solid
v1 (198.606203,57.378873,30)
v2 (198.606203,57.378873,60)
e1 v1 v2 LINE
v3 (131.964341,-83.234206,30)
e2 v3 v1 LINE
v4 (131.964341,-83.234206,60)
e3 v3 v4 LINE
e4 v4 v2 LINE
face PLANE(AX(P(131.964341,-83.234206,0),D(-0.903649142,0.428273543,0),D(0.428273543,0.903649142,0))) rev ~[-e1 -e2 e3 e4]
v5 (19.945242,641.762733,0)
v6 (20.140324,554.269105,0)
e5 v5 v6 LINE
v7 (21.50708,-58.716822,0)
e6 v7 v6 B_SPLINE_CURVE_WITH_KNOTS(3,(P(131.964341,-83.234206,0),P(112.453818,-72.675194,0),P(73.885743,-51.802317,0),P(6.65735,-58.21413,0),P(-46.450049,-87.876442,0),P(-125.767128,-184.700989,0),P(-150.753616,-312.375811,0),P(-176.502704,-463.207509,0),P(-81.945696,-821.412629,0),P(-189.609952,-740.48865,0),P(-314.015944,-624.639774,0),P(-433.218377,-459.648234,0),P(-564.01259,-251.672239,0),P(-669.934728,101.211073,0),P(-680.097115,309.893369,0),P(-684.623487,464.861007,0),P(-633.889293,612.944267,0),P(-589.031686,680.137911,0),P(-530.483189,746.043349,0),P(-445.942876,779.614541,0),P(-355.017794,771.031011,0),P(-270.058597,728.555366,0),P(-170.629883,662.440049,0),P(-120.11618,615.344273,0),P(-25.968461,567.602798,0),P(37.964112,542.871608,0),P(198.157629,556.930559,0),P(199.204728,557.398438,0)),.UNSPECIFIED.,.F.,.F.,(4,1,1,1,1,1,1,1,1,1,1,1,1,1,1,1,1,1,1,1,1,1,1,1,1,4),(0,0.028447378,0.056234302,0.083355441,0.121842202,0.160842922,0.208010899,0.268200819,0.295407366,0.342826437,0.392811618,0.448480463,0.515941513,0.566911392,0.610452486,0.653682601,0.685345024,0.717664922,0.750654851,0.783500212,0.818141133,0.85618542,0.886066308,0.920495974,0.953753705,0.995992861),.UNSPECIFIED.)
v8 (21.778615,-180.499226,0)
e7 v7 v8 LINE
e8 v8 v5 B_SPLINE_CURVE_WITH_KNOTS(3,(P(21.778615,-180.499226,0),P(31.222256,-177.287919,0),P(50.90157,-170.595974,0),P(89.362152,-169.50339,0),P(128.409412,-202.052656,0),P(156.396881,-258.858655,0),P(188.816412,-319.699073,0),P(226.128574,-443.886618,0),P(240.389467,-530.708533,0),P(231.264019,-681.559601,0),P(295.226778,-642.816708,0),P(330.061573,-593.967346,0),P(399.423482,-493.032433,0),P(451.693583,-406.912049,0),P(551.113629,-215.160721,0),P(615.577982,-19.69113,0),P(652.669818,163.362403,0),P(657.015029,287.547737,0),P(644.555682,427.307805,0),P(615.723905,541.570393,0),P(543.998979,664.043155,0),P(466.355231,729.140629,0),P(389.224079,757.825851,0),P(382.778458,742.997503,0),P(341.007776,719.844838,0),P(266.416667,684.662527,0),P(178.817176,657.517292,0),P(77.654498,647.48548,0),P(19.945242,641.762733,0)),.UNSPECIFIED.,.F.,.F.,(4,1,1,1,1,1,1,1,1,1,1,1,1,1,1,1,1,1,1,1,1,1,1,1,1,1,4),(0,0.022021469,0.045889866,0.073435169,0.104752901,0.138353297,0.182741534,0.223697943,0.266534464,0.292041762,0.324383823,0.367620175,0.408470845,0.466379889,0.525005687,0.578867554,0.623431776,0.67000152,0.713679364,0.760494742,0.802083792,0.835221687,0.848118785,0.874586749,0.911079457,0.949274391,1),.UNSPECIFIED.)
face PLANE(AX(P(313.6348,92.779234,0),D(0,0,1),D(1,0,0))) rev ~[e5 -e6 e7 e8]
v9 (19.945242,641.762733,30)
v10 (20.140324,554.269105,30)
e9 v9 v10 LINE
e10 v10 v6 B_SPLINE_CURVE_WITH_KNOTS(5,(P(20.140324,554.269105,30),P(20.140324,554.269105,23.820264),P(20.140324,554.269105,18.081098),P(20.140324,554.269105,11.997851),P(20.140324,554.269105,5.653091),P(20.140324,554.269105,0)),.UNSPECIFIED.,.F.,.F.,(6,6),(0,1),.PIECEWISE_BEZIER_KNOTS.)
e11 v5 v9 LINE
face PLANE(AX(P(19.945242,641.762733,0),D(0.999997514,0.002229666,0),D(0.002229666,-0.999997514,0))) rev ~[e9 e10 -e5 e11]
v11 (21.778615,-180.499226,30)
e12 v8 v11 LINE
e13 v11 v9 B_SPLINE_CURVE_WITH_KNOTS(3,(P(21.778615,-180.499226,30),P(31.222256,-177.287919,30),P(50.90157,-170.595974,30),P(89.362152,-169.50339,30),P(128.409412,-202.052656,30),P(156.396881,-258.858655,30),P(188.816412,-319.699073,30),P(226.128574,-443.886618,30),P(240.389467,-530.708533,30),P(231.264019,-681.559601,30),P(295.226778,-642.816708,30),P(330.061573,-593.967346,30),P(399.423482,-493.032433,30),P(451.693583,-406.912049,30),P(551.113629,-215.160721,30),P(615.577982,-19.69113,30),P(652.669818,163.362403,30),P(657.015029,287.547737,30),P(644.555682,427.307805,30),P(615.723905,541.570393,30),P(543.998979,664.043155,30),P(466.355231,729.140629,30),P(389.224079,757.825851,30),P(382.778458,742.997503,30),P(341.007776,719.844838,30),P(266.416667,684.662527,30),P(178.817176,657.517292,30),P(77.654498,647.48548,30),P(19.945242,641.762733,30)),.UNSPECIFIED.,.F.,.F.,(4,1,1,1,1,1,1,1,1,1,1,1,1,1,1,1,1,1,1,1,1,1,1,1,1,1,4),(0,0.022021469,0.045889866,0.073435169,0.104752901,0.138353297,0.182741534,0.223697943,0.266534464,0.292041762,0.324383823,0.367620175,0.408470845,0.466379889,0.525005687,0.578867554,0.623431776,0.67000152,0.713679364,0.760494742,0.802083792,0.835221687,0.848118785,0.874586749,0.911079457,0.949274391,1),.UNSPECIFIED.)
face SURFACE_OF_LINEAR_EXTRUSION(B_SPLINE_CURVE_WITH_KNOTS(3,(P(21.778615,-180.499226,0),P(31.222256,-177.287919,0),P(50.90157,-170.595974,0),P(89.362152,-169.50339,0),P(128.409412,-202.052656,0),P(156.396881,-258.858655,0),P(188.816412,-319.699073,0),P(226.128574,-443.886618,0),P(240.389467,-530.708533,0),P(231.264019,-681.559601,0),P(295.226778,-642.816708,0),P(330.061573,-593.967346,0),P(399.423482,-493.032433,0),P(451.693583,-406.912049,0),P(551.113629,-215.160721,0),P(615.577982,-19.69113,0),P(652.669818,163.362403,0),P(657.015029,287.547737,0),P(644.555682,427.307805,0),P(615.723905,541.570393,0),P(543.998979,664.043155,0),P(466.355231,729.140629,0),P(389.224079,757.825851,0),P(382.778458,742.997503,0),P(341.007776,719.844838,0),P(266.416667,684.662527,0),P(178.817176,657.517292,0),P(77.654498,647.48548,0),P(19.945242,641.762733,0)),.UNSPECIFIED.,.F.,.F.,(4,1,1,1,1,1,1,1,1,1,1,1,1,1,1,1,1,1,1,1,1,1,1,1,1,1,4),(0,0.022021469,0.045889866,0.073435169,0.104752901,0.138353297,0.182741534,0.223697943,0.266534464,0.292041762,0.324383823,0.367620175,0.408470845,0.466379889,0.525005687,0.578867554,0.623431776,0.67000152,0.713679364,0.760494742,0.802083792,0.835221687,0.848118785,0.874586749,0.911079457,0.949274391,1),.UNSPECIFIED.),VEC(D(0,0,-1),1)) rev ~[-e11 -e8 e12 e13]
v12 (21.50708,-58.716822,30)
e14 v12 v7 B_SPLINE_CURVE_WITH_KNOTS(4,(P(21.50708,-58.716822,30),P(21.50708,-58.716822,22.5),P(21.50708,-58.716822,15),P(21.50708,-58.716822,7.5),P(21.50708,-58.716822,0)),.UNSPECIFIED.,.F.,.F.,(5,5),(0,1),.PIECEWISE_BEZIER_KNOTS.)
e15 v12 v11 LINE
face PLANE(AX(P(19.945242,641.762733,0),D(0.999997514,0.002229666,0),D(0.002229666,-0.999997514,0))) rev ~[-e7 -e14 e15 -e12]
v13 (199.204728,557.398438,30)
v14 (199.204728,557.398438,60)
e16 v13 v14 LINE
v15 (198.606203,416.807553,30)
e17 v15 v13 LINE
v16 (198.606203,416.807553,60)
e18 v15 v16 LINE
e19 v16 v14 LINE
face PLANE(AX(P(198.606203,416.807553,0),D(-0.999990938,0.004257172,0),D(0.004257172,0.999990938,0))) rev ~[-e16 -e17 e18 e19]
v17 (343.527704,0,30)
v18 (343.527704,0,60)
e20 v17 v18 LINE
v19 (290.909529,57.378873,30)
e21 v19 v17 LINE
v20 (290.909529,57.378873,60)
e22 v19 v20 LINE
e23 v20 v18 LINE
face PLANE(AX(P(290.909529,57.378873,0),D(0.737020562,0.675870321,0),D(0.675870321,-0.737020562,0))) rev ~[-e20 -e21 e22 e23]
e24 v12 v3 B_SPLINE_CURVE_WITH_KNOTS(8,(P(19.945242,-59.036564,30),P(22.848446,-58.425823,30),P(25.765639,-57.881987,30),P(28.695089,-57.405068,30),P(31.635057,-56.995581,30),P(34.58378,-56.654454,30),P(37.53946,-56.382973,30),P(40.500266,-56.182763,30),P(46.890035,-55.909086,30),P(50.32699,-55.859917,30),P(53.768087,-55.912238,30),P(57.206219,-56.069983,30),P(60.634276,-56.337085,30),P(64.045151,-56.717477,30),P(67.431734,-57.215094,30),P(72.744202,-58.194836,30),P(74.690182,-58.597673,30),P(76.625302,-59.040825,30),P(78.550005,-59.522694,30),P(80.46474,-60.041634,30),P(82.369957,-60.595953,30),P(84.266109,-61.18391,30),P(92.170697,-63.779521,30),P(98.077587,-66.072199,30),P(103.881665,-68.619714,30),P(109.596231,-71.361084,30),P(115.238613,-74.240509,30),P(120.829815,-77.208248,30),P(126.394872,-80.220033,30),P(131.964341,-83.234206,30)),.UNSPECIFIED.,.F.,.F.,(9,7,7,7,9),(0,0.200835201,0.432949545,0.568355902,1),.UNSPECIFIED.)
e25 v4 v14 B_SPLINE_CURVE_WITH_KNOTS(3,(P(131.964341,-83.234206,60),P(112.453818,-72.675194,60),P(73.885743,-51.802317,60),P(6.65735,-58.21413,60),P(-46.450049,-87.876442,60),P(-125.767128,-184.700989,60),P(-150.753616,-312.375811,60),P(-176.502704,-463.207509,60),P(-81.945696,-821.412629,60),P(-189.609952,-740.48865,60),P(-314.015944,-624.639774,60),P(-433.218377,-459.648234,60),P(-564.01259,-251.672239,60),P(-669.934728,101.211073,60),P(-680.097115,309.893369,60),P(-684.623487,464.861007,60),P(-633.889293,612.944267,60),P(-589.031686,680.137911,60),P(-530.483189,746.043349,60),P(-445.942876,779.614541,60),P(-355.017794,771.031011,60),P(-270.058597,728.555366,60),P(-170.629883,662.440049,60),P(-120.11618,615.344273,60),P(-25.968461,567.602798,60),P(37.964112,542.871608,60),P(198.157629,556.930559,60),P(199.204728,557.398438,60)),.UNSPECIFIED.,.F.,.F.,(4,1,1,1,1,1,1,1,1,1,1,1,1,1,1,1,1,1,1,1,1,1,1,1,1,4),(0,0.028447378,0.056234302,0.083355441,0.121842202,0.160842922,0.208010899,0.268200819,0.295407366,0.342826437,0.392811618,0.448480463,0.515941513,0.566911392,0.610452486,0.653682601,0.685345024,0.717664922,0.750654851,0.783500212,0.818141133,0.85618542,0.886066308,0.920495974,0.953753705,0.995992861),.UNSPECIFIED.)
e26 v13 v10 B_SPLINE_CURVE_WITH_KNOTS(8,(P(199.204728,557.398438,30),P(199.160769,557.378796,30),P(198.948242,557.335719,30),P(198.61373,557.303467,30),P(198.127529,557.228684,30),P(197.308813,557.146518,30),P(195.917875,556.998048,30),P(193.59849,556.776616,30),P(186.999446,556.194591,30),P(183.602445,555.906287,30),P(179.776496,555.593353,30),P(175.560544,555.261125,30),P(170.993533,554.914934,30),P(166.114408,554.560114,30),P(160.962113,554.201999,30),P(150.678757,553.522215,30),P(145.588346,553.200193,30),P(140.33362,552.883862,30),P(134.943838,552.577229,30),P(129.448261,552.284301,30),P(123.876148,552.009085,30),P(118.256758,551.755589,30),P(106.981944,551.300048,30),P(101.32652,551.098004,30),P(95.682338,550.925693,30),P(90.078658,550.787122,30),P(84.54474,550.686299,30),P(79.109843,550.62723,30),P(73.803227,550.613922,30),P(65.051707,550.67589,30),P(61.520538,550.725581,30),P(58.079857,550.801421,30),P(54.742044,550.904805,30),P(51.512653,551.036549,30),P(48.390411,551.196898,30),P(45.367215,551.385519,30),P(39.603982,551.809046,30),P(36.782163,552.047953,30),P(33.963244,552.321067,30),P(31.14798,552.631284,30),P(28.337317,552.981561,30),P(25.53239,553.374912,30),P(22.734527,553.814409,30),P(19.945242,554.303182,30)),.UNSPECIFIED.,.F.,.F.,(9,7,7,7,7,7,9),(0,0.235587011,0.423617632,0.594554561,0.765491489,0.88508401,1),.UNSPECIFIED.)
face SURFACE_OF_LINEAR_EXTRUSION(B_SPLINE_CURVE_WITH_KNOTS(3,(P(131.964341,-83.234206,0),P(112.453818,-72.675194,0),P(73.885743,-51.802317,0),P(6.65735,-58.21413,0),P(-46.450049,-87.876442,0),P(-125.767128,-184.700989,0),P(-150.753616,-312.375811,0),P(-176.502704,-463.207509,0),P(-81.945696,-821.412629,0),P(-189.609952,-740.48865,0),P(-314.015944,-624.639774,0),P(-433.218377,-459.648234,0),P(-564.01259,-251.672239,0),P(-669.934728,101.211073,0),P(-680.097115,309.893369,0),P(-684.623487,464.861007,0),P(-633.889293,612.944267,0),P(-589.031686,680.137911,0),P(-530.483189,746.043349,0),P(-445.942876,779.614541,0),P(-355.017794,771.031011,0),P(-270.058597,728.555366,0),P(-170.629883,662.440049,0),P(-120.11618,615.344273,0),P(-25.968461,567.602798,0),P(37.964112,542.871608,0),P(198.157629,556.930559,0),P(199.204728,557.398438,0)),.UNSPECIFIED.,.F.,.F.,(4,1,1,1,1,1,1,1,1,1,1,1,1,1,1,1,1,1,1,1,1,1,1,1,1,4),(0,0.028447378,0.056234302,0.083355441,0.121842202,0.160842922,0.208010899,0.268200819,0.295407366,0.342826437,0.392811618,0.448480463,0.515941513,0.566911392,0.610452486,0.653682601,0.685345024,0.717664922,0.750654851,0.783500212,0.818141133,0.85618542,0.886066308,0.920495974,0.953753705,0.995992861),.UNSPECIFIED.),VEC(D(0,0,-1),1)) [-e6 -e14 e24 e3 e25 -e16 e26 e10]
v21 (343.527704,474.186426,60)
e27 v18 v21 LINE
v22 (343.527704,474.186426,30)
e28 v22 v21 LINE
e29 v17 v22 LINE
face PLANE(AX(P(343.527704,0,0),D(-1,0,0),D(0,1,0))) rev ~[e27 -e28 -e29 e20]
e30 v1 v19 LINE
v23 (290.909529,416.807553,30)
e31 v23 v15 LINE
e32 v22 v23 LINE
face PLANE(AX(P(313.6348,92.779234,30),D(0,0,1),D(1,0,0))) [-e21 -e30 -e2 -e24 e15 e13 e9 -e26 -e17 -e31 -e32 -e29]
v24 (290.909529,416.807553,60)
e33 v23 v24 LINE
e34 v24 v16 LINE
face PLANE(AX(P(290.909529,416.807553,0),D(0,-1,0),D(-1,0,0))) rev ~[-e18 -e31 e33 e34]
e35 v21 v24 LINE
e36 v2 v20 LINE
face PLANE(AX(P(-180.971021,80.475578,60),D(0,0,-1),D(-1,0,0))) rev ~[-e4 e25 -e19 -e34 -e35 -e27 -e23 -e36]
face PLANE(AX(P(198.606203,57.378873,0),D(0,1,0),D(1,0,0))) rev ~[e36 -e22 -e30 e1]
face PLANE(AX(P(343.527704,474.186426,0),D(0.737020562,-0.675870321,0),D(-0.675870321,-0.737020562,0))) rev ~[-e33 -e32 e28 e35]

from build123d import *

# Parameters (mm, degrees)
F2_DEPTH = 60
F3_DEPTH = 30


with BuildPart() as f2:
    # F0 (on Top) → F2 (new body)
    with BuildSketch(Plane.XY):
        with BuildLine():
            add(Edge.make_bspline(
                [(131.964340806, -83.234205842), (112.4538179303, -72.6751942263), (73.885742882, -51.802316804), (6.6573498636, -58.2141301705), (-46.4500485441, -87.8764421769), (-125.7671283838, -184.7009892826), (-150.753615895, -312.3758108425), (-176.5027036894, -463.2075093139), (-81.9456959989, -821.4126293537), (-189.6099517072, -740.4886502482), (-314.0159435827, -624.6397739889), (-433.218377131, -459.6482344116), (-564.0125904776, -251.6722391321), (-669.9347276011, 101.2110734438), (-680.0971148701, 309.8933685202), (-684.623487114, 464.8610065534), (-633.8892927829, 612.9442668309), (-589.0316859487, 680.1379113439), (-530.4831886517, 746.0433494352), (-445.9428756901, 779.6145410921), (-355.0177935995, 771.0310110749), (-270.0585967672, 728.5553661642), (-170.6298828838, 662.440048789), (-120.1161795657, 615.3442727908), (-25.9684608204, 567.6027983822), (37.9641117324, 542.8716075743), (198.1576285988, 556.9305593796), (199.2047280073, 557.3984384537)],
                knots=[0, 0, 0, 0, 0.0284473785, 0.0562343017, 0.0833554414, 0.1218422025, 0.1608429216, 0.2080108985, 0.268200819, 0.2954073655, 0.3428264366, 0.3928116183, 0.4484804628, 0.5159415127, 0.5669113925, 0.6104524856, 0.6536826005, 0.6853450241, 0.7176649222, 0.7506548505, 0.7835002115, 0.8181411331, 0.8561854202, 0.8860663083, 0.9204959736, 0.9537537051, 0.9959928607, 0.9959928607, 0.9959928607, 0.9959928607], degree=3))
            Line((131.964340806, -83.234205842), (198.606202998, 57.378873229))
            Line((198.606202998, 57.378873229), (290.9095287323, 57.378873229))
            Line((290.9095287323, 57.378873229), (343.5277044773, 0))
            Line((343.5277044773, 0), (343.5277044773, 474.1864259603))
            Line((343.5277044773, 474.1864259603), (290.9095287323, 416.8075527312))
            Line((290.9095287323, 416.8075527312), (198.606202998, 416.8075527312))
            Line((198.606202998, 416.8075527312), (199.2047280073, 557.3984384537))
        make_face()
    extrude(amount=F2_DEPTH)

    # F1 (on Top) → F3 (join)
    with BuildSketch(Plane.XY):
        with BuildLine():
            Line((19.9452415109, 641.7627334595), (21.7786151916, -180.4992258549))
            add(Edge.make_bspline(
                [(21.7786151916, -180.4992258549), (31.2222558615, -177.2879187469), (50.9015697622, -170.5959741021), (89.3621517005, -169.5033895879), (128.4094116449, -202.0526555629), (156.3968814778, -258.858654579), (188.8164116545, -319.6990727343), (226.1285735268, -443.8866176084), (240.3894674181, -530.7085325997), (231.2640191741, -681.5596012107), (295.2267779567, -642.8167081608), (330.0615725395, -593.96734621), (399.4234817804, -493.0324326547), (451.6935825017, -406.9120486777), (551.113629486, -215.1607208755), (615.577981555, -19.691129658), (652.6698182286, 163.3624028905), (657.0150289474, 287.5477368073), (644.5556818748, 427.3078052831), (615.723904699, 541.5703928589), (543.9989786181, 664.0431548537), (466.3552314687, 729.1406287211), (389.2240786804, 757.8258506854), (382.7784583141, 742.9975025386), (341.0077761174, 719.8448377409), (266.4166670863, 684.6625269007), (178.8171755833, 657.5172915552), (77.6544977528, 647.4854801197), (19.9452415109, 641.7627334595)],
                knots=[0, 0, 0, 0, 0.0220214693, 0.0458898661, 0.0734351689, 0.104752901, 0.1383532975, 0.182741534, 0.2236979432, 0.2665344642, 0.2920417616, 0.324383823, 0.3676201747, 0.4084708447, 0.4663798887, 0.5250056875, 0.5788675544, 0.6234317756, 0.6700015203, 0.7136793644, 0.7604947422, 0.8020837916, 0.8352216866, 0.8481187852, 0.8745867491, 0.9110794569, 0.9492743913, 1, 1, 1, 1], degree=3))
        make_face()
    extrude(amount=F3_DEPTH)


solid = f2.part
